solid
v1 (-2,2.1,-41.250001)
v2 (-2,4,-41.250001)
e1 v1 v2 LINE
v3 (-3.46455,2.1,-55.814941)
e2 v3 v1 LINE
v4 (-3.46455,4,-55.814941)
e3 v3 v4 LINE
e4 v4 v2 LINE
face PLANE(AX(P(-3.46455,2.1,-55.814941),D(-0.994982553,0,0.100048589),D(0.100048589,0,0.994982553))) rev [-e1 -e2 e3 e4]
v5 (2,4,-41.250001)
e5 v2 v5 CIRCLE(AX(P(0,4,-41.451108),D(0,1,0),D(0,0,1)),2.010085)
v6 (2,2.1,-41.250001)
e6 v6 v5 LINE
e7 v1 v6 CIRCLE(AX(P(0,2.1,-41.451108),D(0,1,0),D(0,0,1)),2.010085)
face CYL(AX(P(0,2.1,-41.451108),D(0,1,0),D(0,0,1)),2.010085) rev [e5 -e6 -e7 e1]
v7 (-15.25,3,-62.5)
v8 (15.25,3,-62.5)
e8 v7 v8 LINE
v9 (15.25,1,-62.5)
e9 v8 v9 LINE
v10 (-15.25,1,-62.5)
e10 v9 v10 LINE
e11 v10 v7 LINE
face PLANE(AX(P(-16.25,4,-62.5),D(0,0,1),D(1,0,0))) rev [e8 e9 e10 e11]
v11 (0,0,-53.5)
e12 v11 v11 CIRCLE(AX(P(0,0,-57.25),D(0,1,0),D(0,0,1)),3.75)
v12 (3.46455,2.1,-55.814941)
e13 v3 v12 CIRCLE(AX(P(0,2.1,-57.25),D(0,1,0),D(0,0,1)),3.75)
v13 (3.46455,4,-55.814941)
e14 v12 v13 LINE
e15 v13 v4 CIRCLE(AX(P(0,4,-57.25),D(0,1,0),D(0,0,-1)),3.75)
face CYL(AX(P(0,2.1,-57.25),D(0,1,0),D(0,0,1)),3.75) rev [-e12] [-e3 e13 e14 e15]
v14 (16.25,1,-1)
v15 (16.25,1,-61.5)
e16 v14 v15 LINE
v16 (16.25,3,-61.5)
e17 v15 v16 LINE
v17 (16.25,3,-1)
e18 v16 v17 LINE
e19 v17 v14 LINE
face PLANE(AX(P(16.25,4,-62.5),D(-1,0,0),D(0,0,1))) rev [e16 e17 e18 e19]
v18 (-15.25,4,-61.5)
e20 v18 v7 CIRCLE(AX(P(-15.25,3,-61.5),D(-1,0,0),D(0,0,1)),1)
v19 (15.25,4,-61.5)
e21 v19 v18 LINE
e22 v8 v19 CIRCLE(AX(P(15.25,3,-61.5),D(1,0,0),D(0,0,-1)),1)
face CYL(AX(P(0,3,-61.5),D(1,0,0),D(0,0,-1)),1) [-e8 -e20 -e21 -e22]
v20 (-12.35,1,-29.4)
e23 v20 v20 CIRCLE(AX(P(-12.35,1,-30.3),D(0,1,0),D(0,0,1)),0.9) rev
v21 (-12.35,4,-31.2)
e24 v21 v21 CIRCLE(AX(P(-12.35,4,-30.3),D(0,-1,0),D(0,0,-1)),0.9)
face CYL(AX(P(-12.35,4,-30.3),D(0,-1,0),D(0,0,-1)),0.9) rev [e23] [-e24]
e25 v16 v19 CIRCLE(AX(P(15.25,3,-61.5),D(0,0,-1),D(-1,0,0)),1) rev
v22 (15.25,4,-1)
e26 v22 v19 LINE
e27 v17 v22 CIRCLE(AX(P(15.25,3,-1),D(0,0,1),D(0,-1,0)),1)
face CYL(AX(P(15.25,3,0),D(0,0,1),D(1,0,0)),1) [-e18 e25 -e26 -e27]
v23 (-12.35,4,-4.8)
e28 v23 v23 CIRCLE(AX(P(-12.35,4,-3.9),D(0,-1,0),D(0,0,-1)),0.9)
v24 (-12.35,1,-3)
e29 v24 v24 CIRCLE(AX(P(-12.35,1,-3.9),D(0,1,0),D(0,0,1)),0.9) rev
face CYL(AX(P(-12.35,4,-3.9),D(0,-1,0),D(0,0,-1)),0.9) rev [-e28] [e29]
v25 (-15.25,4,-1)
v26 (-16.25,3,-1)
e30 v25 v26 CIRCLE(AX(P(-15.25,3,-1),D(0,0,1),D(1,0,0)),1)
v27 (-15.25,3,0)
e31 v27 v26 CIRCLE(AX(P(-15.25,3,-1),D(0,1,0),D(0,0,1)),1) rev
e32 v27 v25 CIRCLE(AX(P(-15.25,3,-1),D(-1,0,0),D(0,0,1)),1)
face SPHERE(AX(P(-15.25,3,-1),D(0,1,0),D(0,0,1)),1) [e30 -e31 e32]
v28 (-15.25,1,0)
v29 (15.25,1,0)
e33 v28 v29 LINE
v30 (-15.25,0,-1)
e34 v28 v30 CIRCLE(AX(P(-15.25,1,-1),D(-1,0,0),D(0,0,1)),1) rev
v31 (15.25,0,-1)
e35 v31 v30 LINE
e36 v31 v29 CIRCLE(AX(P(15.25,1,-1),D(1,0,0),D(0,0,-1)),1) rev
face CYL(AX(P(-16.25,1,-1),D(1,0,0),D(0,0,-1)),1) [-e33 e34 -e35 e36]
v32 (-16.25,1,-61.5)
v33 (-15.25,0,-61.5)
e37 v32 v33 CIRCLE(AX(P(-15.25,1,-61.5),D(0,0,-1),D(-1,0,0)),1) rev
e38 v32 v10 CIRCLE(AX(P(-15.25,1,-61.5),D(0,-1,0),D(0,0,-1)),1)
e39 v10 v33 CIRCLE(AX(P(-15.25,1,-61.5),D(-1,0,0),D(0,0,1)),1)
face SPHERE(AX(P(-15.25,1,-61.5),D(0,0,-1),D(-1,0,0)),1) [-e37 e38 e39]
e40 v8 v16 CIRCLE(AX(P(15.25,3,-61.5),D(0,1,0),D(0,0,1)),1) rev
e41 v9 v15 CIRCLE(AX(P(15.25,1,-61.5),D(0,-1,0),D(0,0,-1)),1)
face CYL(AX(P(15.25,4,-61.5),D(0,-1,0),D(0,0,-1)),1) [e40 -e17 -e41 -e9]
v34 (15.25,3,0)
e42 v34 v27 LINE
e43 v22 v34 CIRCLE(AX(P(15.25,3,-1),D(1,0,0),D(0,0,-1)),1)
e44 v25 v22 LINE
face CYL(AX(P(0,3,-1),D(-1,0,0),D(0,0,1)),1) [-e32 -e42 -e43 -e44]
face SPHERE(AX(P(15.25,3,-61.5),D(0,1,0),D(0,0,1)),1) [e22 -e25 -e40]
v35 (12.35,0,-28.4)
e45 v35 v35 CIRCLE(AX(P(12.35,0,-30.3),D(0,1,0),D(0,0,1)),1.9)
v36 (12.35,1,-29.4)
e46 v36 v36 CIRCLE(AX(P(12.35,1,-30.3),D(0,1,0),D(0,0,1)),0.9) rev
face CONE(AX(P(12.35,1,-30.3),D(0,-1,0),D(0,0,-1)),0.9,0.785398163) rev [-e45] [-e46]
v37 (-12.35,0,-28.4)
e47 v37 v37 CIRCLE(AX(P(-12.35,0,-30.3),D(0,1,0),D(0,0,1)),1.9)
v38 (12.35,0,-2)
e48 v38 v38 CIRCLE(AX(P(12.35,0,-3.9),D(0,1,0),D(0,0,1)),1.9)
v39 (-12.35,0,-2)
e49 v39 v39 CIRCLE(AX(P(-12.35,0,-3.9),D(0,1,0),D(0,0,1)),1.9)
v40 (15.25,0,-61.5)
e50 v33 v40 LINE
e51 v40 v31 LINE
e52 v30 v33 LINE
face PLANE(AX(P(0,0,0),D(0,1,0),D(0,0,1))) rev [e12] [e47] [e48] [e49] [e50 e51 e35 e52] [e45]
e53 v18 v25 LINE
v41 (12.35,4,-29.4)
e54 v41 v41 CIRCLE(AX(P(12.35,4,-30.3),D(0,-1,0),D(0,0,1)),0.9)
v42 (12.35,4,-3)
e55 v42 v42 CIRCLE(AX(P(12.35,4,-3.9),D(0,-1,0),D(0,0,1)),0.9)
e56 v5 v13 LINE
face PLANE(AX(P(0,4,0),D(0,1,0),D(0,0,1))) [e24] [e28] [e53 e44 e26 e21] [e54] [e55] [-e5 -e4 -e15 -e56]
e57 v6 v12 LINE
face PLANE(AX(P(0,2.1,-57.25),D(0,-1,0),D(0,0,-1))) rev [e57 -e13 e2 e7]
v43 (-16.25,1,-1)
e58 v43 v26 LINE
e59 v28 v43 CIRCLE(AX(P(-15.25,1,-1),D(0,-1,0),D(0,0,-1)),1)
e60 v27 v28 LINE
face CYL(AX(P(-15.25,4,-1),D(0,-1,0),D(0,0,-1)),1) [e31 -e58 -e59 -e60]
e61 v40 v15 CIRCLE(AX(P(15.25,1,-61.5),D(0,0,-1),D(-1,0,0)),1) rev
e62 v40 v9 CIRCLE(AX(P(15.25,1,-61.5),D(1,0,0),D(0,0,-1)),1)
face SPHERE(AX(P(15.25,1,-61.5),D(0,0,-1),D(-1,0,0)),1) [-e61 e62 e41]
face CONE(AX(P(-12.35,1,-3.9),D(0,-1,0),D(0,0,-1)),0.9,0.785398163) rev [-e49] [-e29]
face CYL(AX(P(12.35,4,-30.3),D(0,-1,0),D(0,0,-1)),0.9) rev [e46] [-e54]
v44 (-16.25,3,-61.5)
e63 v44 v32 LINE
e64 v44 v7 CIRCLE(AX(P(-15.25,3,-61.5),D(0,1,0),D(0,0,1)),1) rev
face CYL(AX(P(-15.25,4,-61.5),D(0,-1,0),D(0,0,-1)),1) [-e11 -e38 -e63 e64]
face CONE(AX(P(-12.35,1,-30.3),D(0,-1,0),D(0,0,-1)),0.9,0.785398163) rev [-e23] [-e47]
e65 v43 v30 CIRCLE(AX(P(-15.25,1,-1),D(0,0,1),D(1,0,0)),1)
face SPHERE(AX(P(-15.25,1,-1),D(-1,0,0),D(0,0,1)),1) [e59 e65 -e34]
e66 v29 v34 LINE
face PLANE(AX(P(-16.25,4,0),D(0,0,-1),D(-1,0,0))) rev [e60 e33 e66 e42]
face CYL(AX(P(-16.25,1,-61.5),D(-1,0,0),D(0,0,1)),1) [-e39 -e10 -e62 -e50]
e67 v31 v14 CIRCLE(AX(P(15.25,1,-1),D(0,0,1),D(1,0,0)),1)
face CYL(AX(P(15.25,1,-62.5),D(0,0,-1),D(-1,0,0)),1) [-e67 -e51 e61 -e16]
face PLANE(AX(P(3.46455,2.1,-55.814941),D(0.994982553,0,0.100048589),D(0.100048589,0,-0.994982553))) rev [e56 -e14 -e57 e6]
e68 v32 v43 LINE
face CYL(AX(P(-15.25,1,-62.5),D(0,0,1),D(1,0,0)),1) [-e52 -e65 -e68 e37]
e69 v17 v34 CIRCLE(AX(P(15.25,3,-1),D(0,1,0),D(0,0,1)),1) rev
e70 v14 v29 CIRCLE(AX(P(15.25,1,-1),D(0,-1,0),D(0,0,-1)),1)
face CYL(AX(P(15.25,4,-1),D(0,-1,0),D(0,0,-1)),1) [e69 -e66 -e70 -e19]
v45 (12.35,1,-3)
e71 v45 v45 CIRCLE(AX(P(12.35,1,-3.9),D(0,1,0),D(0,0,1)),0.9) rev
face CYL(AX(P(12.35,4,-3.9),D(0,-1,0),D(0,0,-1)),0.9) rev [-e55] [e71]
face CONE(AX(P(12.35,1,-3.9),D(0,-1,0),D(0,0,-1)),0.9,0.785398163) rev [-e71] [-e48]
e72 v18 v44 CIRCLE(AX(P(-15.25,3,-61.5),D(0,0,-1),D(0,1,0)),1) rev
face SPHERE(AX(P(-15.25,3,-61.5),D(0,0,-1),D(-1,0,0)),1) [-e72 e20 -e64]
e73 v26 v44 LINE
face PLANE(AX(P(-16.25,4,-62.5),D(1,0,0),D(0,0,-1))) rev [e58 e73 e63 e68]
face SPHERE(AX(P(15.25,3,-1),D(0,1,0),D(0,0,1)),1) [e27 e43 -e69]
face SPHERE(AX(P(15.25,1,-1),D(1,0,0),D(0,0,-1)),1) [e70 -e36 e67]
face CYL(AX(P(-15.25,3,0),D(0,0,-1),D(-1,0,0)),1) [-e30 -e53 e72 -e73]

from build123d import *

# Parameters (mm, degrees)
SKETCH1_W                     = 32.5
SKETCH1_H                     = 62.5
BASE_DEPTH                    = 4
SERVO_ARM_SLOT_DEPTH          = 1.9
SKETCH3_R                     = 3.75
SERVO_ARM_MOUNTING_HOLE_DEPTH = 65.612092521
SKETCH4_R                     = 0.9
SCANNER_MOUNTING_HOLES_DEPTH  = 65.701719452
MOUNTING_HOLE_CHAMFERS_SIZE   = 1
FILLET1_R                     = 1


with BuildPart() as part:
    # Sketch1 → Base (new body)
    with BuildSketch(Plane(origin=(0, 0, 0), x_dir=(1, 0, 0), z_dir=(0, 1, 0))):
        with Locations((0, 31.25)):
            Rectangle(SKETCH1_W, SKETCH1_H)
    extrude(amount=BASE_DEPTH)

    # Sketch2 → Servo Arm Slot (cut)
    with BuildSketch(Plane(origin=(0, 4, 0), x_dir=(1, 0, 0), z_dir=(0, 1, 0))):
        with BuildLine():
            Line((-3.46455, 55.814941361), (-2, 41.250001361))
            ThreePointArc((-2, 41.250001361), (0, 39.441022081), (2, 41.250001361))
            Line((2, 41.250001361), (3.46455, 55.814941361))
            ThreePointArc((3.46455, 55.814941361), (0, 61), (-3.46455, 55.814941361))
        make_face()
    extrude(amount=-SERVO_ARM_SLOT_DEPTH, mode=Mode.SUBTRACT)

    # Sketch3 → Servo Arm Mounting Hole (cut, through all)
    with BuildSketch(Plane(origin=(0, 2.1, 0), x_dir=(1, 0, 0), z_dir=(0, 1, 0))):
        with Locations(Location((0, 57.25, 0), (0, 0, 270))):
            Circle(SKETCH3_R)
    extrude(amount=-SERVO_ARM_MOUNTING_HOLE_DEPTH, mode=Mode.SUBTRACT)

    # Sketch4 → Scanner Mounting Holes (cut, through all)
    with BuildSketch(Plane.XZ):
        with Locations(Location((-12.35, -3.9, 0), (0, 0, 270))):
            Circle(SKETCH4_R)
        with Locations(Location((-12.35, -30.3, 0), (0, 0, 270))):
            Circle(SKETCH4_R)
        with Locations(Location((12.35, -30.3, 0), (0, 0, 90))):
            Circle(SKETCH4_R)
        with Locations(Location((12.35, -3.9, 0), (0, 0, 90))):
            Circle(SKETCH4_R)
    extrude(amount=-SCANNER_MOUNTING_HOLES_DEPTH, mode=Mode.SUBTRACT)

    # Mounting Hole Chamfers
    mounting_hole_chamfers_edges = [part.edges().sort_by_distance(p)[0] for p in [
        (12.35, 0, -4.8),
        (12.35, 0, -31.2),
        (-12.35, 0, -29.4),
        (-12.35, 0, -3),
    ]]
    chamfer(mounting_hole_chamfers_edges, length=MOUNTING_HOLE_CHAMFERS_SIZE)

    # Fillet1
    fillet1_edges = [part.edges().sort_by_distance(p)[0] for p in [
        (16.25, 4, -31.25),
        (0, 4, -62.5),
        (-16.25, 4, -31.25),
        (0, 0, -62.5),
        (16.25, 0, -31.25),
        (0, 0, 0),
        (-16.25, 0, -31.25),
        (-16.25, 2, -62.5),
        (16.25, 2, -62.5),
        (16.25, 2, 0),
        (-16.25, 2, 0),
        (0, 4, 0),
    ]]
    fillet(fillet1_edges, radius=FILLET1_R)


solid = part.part
